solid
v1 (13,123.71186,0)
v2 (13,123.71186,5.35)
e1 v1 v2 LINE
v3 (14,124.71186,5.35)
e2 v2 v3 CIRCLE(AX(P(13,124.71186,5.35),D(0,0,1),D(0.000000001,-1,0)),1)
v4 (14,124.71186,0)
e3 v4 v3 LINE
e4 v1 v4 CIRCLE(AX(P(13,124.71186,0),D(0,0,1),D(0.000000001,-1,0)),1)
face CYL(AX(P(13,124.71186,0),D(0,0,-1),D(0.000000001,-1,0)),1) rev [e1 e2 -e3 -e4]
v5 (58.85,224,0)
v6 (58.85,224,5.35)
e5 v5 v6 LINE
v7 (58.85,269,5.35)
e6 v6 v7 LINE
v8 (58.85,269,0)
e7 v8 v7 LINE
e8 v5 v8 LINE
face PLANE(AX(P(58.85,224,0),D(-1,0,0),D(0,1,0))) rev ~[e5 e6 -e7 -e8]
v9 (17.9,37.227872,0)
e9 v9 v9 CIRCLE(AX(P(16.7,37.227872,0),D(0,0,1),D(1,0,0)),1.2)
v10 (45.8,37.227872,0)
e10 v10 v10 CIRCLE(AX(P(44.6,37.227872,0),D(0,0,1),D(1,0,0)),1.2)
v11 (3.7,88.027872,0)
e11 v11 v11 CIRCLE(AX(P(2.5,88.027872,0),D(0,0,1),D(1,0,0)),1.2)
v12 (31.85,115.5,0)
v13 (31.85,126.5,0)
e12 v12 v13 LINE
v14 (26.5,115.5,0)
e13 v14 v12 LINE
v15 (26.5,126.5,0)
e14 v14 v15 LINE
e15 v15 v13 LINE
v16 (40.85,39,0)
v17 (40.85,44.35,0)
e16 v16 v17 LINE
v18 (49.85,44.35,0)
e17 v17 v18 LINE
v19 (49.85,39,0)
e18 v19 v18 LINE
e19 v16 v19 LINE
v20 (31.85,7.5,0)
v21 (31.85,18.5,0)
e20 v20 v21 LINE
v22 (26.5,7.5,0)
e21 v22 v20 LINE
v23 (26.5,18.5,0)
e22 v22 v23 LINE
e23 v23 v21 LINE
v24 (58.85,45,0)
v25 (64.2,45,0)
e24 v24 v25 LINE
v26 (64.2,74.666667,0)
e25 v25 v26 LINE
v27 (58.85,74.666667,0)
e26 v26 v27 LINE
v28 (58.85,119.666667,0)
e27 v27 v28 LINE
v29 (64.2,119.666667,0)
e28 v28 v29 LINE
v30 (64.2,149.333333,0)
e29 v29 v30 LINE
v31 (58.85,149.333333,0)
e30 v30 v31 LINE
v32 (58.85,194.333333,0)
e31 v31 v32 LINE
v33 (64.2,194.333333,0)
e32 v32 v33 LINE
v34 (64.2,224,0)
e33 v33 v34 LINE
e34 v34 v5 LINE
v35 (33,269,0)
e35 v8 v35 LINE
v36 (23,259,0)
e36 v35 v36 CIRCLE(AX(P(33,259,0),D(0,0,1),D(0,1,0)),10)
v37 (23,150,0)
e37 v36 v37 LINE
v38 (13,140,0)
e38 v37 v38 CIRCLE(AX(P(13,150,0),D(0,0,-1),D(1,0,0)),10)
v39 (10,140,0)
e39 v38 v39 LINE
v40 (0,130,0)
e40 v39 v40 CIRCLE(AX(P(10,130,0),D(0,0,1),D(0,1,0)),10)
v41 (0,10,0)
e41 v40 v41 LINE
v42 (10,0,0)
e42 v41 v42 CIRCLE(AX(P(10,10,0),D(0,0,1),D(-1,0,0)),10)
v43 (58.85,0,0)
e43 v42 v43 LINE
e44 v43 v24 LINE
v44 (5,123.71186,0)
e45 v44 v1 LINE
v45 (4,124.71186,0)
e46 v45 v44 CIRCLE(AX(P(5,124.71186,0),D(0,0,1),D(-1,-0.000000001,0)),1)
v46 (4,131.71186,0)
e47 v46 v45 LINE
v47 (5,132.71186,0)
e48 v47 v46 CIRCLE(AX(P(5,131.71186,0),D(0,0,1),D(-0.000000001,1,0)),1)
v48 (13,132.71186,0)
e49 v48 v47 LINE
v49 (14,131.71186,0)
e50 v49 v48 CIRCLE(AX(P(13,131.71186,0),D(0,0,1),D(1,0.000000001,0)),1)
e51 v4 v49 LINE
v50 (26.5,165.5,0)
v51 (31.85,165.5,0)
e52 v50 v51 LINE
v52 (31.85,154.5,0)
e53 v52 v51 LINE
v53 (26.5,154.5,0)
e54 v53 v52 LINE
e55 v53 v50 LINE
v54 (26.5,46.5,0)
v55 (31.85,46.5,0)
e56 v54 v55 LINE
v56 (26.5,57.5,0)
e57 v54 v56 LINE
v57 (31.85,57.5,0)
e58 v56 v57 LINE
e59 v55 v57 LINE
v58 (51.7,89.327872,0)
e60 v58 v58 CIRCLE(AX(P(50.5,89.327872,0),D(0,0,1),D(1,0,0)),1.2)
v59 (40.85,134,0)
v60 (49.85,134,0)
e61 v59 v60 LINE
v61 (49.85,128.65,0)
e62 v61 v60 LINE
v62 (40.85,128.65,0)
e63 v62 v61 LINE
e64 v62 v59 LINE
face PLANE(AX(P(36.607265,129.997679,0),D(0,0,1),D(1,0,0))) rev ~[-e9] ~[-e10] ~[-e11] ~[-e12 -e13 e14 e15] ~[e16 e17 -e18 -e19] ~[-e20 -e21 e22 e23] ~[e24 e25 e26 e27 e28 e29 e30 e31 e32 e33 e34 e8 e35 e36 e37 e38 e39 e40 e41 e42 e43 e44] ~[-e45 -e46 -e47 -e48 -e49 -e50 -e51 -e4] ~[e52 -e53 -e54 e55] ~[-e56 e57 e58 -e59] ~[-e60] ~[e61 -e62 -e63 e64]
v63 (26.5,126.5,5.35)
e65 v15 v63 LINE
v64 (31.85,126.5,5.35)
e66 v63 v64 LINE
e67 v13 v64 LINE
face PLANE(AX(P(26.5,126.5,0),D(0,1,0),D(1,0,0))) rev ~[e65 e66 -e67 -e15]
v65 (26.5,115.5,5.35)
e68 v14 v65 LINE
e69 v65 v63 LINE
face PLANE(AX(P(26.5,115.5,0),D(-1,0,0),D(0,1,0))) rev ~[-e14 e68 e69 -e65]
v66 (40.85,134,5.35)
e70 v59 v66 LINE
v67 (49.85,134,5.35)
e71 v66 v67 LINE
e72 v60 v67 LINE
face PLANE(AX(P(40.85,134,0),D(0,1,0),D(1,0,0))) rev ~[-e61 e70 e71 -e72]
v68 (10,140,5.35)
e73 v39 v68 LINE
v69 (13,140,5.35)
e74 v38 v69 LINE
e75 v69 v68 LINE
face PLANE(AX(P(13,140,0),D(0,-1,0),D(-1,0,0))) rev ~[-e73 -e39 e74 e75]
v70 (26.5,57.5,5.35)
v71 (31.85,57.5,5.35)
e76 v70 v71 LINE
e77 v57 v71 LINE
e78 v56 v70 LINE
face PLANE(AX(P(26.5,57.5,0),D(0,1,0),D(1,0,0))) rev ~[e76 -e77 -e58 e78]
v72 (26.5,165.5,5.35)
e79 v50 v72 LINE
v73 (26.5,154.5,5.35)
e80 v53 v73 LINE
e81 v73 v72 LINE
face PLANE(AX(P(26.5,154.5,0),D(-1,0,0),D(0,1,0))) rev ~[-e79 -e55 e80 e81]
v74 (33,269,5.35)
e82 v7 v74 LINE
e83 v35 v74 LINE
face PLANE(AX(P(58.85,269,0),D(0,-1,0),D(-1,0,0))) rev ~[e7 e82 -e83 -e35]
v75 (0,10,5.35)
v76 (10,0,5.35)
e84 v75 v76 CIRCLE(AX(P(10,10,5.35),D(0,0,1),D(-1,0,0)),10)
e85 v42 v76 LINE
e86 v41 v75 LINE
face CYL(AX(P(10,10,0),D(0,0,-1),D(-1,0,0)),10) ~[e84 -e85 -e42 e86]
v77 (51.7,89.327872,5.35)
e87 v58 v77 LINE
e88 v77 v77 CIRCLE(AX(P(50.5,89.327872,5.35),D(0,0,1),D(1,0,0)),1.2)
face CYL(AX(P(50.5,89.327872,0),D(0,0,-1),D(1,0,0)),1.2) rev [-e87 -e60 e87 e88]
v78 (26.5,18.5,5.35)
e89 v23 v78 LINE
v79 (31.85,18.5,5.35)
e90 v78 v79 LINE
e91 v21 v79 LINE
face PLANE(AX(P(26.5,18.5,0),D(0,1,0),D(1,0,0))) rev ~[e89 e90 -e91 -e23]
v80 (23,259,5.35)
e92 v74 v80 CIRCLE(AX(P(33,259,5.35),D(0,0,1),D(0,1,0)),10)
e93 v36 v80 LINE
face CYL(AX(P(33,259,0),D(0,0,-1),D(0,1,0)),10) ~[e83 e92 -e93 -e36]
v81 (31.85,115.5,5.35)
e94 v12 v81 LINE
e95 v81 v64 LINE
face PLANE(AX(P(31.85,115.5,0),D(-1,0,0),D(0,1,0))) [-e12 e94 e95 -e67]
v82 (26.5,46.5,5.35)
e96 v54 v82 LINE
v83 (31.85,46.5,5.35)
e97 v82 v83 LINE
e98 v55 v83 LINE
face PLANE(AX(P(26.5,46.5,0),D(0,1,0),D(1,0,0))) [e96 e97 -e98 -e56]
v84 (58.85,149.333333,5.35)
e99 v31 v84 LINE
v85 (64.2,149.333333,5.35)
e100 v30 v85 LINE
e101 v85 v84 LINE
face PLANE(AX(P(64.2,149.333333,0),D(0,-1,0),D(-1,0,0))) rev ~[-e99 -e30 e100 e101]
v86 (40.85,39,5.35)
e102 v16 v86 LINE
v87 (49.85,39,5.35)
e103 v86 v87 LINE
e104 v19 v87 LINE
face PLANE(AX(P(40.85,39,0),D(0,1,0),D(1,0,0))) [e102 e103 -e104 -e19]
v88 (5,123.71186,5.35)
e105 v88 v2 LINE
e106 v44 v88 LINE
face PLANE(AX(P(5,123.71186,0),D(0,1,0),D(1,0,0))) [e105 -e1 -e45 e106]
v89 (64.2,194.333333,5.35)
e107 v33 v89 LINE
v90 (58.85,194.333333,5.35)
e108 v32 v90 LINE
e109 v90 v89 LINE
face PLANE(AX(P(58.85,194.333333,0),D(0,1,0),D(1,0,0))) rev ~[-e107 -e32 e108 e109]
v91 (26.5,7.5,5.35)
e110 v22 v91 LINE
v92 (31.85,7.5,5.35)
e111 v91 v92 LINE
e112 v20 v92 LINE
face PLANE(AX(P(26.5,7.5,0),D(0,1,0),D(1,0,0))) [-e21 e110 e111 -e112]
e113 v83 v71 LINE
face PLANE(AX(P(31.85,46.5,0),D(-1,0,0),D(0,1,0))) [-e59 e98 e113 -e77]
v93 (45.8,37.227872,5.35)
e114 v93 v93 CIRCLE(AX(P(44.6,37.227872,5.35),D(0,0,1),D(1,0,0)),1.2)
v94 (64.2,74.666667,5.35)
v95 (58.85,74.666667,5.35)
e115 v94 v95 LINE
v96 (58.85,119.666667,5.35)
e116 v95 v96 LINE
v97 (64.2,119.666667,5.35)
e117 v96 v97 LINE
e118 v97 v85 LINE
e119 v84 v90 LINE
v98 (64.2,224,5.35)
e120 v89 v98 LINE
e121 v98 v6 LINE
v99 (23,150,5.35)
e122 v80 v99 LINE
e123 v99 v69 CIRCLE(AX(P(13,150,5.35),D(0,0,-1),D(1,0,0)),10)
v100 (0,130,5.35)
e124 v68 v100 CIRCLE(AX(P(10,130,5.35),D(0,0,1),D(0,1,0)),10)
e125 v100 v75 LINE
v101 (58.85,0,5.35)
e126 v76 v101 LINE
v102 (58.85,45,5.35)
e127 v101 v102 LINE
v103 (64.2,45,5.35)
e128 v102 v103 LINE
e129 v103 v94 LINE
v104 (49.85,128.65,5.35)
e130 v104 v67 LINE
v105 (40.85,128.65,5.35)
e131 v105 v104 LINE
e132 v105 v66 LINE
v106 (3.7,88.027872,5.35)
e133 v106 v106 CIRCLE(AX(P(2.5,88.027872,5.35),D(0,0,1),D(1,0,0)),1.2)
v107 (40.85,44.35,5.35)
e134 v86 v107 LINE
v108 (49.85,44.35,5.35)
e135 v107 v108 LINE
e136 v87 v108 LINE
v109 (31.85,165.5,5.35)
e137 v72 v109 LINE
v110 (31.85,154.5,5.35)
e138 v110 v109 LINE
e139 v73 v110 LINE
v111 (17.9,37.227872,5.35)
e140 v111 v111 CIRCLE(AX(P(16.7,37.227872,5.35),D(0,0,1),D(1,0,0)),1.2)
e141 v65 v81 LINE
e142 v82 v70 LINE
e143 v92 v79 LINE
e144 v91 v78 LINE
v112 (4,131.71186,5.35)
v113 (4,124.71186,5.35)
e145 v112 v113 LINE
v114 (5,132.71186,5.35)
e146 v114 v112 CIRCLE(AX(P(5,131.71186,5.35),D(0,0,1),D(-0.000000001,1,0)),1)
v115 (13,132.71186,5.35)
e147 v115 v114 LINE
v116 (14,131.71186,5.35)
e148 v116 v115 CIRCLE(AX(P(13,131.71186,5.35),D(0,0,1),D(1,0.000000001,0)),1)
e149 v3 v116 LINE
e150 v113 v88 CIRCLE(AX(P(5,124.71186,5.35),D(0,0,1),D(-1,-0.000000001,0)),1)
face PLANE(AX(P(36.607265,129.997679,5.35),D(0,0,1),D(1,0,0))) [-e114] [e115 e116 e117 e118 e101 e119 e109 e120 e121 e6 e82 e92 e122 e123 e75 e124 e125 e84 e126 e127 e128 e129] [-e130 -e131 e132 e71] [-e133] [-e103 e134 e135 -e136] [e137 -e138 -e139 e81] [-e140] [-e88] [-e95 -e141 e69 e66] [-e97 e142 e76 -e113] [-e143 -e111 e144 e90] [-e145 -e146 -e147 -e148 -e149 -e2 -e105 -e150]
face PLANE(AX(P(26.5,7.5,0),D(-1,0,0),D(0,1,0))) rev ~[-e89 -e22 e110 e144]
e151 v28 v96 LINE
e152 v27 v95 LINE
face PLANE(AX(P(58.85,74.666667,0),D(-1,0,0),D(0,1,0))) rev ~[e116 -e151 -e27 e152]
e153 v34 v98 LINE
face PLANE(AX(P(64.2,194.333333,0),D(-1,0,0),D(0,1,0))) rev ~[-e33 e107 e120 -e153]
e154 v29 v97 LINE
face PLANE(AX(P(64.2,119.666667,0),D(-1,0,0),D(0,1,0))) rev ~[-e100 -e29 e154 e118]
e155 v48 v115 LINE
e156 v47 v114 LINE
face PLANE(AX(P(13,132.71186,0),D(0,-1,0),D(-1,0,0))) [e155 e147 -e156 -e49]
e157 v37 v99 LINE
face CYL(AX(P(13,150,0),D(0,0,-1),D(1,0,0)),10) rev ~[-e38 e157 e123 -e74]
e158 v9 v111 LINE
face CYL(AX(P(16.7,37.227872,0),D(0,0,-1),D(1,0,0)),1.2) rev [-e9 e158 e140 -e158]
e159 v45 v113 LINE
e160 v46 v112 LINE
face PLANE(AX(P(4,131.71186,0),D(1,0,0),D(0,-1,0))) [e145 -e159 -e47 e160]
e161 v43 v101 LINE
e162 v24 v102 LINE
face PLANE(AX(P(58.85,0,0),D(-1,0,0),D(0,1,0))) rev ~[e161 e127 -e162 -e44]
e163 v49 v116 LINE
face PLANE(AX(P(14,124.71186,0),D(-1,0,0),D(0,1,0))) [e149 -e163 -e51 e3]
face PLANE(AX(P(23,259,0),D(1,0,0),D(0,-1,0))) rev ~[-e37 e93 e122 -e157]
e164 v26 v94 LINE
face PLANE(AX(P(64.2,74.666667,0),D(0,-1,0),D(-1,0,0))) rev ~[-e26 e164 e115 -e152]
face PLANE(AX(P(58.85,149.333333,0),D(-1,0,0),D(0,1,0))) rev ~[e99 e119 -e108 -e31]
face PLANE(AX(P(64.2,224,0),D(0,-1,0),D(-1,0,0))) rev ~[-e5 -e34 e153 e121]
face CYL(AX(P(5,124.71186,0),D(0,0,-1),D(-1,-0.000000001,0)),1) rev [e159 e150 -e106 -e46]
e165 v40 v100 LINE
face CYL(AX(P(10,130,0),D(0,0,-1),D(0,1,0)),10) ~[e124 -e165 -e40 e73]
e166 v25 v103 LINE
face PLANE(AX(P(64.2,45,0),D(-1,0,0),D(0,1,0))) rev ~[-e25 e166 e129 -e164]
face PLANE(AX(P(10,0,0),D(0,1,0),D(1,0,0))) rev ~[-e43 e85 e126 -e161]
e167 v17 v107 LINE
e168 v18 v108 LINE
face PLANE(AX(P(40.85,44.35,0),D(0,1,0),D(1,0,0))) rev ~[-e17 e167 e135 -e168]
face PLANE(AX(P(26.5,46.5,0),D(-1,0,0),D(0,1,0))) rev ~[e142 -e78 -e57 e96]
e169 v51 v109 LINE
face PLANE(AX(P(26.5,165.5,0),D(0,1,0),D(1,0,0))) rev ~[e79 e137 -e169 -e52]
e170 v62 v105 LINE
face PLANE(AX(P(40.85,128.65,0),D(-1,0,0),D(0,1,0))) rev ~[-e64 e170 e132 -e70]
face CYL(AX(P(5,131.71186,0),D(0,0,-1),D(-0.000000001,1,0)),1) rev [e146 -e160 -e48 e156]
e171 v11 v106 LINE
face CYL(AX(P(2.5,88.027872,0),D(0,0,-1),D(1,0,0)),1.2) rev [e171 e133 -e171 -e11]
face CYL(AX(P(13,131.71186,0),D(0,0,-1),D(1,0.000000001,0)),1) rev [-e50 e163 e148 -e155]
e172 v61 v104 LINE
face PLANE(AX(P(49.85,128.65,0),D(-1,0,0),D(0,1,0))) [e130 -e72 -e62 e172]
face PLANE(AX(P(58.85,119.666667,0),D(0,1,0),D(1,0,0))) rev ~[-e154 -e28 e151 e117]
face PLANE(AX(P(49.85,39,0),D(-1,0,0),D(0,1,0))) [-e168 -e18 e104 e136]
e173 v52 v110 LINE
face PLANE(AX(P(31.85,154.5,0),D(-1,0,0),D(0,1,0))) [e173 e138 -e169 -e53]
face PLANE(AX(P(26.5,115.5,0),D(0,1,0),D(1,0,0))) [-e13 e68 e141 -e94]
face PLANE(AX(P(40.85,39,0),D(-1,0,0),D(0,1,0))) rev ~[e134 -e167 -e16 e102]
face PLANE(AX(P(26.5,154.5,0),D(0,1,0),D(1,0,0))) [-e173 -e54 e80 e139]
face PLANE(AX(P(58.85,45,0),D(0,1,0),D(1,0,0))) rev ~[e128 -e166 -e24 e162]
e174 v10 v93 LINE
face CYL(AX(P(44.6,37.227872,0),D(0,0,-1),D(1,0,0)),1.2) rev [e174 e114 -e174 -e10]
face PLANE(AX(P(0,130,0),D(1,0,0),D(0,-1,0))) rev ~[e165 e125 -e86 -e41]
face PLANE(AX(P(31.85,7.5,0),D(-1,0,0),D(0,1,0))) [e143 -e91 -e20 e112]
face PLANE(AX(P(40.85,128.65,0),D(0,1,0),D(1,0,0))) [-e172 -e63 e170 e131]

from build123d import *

# Parameters (mm, degrees)
MODEL_R             = 1.2
MODEL_W             = 5.35
MODEL_H             = 11
MODEL_W_2           = 9
MODEL_H_2           = 5.35
BOSS_EXTRUDE1_DEPTH = 5.35


with BuildPart() as part:
    # Model → Boss-Extrude1 (new body)
    with BuildSketch(Plane.XY):
        with BuildLine():
            Line((58.85, 269), (33, 269))
            ThreePointArc((33, 269), (25.928932188, 266.071067812), (23, 259))
            Line((23, 259), (23, 150))
            ThreePointArc((23, 150), (20.071067812, 142.928932188), (13, 140))
            Line((13, 140), (10, 140))
            ThreePointArc((10, 140), (2.928932188, 137.071067812), (0, 130))
            Line((0, 130), (0, 10))
            ThreePointArc((0, 10), (2.928932188, 2.928932188), (10, 0))
            Line((10, 0), (58.85, 0))
            Line((58.85, 0), (58.85, 45))
            Line((58.85, 45), (64.2, 45))
            Line((64.2, 45), (64.2, 74.666666667))
            Line((64.2, 74.666666667), (58.85, 74.666666667))
            Line((58.85, 74.666666667), (58.85, 119.666666667))
            Line((58.85, 119.666666667), (64.2, 119.666666667))
            Line((64.2, 119.666666667), (64.2, 149.333333333))
            Line((64.2, 149.333333333), (58.85, 149.333333333))
            Line((58.85, 149.333333333), (58.85, 194.333333333))
            Line((58.85, 194.333333333), (64.2, 194.333333333))
            Line((64.2, 194.333333333), (64.2, 224))
            Line((64.2, 224), (58.85, 224))
            Line((58.85, 224), (58.85, 269))
        make_face()
        with Locations((2.5, 88.027872499)):
            Circle(MODEL_R, mode=Mode.SUBTRACT)
        with Locations((44.6, 37.227872499)):
            Circle(MODEL_R, mode=Mode.SUBTRACT)
        with Locations((16.7, 37.227872499)):
            Circle(MODEL_R, mode=Mode.SUBTRACT)
        with Locations((50.5, 89.327872499)):
            Circle(MODEL_R, mode=Mode.SUBTRACT)
        with Locations((29.175, 160)):
            Rectangle(MODEL_W, MODEL_H, mode=Mode.SUBTRACT)
        with Locations((45.35, 131.325)):
            Rectangle(MODEL_W_2, MODEL_H_2, mode=Mode.SUBTRACT)
        with Locations((29.175, 121)):
            Rectangle(MODEL_W, MODEL_H, mode=Mode.SUBTRACT)
        with Locations((45.35, 41.675)):
            Rectangle(MODEL_W_2, MODEL_H_2, mode=Mode.SUBTRACT)
        with Locations((29.175, 52)):
            Rectangle(MODEL_W, MODEL_H, mode=Mode.SUBTRACT)
        with Locations((29.175, 13)):
            Rectangle(MODEL_W, MODEL_H, mode=Mode.SUBTRACT)
        with BuildLine():
            Line((5, 123.711859862), (13, 123.711859862))
            ThreePointArc((13, 123.711859862), (13.707106781, 124.004753081), (14, 124.711859862))
            Line((14, 124.711859862), (14, 131.711859862))
            ThreePointArc((14, 131.711859862), (13.707106781, 132.418966643), (13, 132.711859862))
            Line((13, 132.711859862), (5, 132.711859862))
            ThreePointArc((5, 132.711859862), (4.292893219, 132.418966643), (4, 131.711859862))
            Line((4, 131.711859862), (4, 124.711859862))
            ThreePointArc((4, 124.711859862), (4.292893219, 124.004753081), (5, 123.711859862))
        make_face(mode=Mode.SUBTRACT)
    extrude(amount=BOSS_EXTRUDE1_DEPTH)


solid = part.part
